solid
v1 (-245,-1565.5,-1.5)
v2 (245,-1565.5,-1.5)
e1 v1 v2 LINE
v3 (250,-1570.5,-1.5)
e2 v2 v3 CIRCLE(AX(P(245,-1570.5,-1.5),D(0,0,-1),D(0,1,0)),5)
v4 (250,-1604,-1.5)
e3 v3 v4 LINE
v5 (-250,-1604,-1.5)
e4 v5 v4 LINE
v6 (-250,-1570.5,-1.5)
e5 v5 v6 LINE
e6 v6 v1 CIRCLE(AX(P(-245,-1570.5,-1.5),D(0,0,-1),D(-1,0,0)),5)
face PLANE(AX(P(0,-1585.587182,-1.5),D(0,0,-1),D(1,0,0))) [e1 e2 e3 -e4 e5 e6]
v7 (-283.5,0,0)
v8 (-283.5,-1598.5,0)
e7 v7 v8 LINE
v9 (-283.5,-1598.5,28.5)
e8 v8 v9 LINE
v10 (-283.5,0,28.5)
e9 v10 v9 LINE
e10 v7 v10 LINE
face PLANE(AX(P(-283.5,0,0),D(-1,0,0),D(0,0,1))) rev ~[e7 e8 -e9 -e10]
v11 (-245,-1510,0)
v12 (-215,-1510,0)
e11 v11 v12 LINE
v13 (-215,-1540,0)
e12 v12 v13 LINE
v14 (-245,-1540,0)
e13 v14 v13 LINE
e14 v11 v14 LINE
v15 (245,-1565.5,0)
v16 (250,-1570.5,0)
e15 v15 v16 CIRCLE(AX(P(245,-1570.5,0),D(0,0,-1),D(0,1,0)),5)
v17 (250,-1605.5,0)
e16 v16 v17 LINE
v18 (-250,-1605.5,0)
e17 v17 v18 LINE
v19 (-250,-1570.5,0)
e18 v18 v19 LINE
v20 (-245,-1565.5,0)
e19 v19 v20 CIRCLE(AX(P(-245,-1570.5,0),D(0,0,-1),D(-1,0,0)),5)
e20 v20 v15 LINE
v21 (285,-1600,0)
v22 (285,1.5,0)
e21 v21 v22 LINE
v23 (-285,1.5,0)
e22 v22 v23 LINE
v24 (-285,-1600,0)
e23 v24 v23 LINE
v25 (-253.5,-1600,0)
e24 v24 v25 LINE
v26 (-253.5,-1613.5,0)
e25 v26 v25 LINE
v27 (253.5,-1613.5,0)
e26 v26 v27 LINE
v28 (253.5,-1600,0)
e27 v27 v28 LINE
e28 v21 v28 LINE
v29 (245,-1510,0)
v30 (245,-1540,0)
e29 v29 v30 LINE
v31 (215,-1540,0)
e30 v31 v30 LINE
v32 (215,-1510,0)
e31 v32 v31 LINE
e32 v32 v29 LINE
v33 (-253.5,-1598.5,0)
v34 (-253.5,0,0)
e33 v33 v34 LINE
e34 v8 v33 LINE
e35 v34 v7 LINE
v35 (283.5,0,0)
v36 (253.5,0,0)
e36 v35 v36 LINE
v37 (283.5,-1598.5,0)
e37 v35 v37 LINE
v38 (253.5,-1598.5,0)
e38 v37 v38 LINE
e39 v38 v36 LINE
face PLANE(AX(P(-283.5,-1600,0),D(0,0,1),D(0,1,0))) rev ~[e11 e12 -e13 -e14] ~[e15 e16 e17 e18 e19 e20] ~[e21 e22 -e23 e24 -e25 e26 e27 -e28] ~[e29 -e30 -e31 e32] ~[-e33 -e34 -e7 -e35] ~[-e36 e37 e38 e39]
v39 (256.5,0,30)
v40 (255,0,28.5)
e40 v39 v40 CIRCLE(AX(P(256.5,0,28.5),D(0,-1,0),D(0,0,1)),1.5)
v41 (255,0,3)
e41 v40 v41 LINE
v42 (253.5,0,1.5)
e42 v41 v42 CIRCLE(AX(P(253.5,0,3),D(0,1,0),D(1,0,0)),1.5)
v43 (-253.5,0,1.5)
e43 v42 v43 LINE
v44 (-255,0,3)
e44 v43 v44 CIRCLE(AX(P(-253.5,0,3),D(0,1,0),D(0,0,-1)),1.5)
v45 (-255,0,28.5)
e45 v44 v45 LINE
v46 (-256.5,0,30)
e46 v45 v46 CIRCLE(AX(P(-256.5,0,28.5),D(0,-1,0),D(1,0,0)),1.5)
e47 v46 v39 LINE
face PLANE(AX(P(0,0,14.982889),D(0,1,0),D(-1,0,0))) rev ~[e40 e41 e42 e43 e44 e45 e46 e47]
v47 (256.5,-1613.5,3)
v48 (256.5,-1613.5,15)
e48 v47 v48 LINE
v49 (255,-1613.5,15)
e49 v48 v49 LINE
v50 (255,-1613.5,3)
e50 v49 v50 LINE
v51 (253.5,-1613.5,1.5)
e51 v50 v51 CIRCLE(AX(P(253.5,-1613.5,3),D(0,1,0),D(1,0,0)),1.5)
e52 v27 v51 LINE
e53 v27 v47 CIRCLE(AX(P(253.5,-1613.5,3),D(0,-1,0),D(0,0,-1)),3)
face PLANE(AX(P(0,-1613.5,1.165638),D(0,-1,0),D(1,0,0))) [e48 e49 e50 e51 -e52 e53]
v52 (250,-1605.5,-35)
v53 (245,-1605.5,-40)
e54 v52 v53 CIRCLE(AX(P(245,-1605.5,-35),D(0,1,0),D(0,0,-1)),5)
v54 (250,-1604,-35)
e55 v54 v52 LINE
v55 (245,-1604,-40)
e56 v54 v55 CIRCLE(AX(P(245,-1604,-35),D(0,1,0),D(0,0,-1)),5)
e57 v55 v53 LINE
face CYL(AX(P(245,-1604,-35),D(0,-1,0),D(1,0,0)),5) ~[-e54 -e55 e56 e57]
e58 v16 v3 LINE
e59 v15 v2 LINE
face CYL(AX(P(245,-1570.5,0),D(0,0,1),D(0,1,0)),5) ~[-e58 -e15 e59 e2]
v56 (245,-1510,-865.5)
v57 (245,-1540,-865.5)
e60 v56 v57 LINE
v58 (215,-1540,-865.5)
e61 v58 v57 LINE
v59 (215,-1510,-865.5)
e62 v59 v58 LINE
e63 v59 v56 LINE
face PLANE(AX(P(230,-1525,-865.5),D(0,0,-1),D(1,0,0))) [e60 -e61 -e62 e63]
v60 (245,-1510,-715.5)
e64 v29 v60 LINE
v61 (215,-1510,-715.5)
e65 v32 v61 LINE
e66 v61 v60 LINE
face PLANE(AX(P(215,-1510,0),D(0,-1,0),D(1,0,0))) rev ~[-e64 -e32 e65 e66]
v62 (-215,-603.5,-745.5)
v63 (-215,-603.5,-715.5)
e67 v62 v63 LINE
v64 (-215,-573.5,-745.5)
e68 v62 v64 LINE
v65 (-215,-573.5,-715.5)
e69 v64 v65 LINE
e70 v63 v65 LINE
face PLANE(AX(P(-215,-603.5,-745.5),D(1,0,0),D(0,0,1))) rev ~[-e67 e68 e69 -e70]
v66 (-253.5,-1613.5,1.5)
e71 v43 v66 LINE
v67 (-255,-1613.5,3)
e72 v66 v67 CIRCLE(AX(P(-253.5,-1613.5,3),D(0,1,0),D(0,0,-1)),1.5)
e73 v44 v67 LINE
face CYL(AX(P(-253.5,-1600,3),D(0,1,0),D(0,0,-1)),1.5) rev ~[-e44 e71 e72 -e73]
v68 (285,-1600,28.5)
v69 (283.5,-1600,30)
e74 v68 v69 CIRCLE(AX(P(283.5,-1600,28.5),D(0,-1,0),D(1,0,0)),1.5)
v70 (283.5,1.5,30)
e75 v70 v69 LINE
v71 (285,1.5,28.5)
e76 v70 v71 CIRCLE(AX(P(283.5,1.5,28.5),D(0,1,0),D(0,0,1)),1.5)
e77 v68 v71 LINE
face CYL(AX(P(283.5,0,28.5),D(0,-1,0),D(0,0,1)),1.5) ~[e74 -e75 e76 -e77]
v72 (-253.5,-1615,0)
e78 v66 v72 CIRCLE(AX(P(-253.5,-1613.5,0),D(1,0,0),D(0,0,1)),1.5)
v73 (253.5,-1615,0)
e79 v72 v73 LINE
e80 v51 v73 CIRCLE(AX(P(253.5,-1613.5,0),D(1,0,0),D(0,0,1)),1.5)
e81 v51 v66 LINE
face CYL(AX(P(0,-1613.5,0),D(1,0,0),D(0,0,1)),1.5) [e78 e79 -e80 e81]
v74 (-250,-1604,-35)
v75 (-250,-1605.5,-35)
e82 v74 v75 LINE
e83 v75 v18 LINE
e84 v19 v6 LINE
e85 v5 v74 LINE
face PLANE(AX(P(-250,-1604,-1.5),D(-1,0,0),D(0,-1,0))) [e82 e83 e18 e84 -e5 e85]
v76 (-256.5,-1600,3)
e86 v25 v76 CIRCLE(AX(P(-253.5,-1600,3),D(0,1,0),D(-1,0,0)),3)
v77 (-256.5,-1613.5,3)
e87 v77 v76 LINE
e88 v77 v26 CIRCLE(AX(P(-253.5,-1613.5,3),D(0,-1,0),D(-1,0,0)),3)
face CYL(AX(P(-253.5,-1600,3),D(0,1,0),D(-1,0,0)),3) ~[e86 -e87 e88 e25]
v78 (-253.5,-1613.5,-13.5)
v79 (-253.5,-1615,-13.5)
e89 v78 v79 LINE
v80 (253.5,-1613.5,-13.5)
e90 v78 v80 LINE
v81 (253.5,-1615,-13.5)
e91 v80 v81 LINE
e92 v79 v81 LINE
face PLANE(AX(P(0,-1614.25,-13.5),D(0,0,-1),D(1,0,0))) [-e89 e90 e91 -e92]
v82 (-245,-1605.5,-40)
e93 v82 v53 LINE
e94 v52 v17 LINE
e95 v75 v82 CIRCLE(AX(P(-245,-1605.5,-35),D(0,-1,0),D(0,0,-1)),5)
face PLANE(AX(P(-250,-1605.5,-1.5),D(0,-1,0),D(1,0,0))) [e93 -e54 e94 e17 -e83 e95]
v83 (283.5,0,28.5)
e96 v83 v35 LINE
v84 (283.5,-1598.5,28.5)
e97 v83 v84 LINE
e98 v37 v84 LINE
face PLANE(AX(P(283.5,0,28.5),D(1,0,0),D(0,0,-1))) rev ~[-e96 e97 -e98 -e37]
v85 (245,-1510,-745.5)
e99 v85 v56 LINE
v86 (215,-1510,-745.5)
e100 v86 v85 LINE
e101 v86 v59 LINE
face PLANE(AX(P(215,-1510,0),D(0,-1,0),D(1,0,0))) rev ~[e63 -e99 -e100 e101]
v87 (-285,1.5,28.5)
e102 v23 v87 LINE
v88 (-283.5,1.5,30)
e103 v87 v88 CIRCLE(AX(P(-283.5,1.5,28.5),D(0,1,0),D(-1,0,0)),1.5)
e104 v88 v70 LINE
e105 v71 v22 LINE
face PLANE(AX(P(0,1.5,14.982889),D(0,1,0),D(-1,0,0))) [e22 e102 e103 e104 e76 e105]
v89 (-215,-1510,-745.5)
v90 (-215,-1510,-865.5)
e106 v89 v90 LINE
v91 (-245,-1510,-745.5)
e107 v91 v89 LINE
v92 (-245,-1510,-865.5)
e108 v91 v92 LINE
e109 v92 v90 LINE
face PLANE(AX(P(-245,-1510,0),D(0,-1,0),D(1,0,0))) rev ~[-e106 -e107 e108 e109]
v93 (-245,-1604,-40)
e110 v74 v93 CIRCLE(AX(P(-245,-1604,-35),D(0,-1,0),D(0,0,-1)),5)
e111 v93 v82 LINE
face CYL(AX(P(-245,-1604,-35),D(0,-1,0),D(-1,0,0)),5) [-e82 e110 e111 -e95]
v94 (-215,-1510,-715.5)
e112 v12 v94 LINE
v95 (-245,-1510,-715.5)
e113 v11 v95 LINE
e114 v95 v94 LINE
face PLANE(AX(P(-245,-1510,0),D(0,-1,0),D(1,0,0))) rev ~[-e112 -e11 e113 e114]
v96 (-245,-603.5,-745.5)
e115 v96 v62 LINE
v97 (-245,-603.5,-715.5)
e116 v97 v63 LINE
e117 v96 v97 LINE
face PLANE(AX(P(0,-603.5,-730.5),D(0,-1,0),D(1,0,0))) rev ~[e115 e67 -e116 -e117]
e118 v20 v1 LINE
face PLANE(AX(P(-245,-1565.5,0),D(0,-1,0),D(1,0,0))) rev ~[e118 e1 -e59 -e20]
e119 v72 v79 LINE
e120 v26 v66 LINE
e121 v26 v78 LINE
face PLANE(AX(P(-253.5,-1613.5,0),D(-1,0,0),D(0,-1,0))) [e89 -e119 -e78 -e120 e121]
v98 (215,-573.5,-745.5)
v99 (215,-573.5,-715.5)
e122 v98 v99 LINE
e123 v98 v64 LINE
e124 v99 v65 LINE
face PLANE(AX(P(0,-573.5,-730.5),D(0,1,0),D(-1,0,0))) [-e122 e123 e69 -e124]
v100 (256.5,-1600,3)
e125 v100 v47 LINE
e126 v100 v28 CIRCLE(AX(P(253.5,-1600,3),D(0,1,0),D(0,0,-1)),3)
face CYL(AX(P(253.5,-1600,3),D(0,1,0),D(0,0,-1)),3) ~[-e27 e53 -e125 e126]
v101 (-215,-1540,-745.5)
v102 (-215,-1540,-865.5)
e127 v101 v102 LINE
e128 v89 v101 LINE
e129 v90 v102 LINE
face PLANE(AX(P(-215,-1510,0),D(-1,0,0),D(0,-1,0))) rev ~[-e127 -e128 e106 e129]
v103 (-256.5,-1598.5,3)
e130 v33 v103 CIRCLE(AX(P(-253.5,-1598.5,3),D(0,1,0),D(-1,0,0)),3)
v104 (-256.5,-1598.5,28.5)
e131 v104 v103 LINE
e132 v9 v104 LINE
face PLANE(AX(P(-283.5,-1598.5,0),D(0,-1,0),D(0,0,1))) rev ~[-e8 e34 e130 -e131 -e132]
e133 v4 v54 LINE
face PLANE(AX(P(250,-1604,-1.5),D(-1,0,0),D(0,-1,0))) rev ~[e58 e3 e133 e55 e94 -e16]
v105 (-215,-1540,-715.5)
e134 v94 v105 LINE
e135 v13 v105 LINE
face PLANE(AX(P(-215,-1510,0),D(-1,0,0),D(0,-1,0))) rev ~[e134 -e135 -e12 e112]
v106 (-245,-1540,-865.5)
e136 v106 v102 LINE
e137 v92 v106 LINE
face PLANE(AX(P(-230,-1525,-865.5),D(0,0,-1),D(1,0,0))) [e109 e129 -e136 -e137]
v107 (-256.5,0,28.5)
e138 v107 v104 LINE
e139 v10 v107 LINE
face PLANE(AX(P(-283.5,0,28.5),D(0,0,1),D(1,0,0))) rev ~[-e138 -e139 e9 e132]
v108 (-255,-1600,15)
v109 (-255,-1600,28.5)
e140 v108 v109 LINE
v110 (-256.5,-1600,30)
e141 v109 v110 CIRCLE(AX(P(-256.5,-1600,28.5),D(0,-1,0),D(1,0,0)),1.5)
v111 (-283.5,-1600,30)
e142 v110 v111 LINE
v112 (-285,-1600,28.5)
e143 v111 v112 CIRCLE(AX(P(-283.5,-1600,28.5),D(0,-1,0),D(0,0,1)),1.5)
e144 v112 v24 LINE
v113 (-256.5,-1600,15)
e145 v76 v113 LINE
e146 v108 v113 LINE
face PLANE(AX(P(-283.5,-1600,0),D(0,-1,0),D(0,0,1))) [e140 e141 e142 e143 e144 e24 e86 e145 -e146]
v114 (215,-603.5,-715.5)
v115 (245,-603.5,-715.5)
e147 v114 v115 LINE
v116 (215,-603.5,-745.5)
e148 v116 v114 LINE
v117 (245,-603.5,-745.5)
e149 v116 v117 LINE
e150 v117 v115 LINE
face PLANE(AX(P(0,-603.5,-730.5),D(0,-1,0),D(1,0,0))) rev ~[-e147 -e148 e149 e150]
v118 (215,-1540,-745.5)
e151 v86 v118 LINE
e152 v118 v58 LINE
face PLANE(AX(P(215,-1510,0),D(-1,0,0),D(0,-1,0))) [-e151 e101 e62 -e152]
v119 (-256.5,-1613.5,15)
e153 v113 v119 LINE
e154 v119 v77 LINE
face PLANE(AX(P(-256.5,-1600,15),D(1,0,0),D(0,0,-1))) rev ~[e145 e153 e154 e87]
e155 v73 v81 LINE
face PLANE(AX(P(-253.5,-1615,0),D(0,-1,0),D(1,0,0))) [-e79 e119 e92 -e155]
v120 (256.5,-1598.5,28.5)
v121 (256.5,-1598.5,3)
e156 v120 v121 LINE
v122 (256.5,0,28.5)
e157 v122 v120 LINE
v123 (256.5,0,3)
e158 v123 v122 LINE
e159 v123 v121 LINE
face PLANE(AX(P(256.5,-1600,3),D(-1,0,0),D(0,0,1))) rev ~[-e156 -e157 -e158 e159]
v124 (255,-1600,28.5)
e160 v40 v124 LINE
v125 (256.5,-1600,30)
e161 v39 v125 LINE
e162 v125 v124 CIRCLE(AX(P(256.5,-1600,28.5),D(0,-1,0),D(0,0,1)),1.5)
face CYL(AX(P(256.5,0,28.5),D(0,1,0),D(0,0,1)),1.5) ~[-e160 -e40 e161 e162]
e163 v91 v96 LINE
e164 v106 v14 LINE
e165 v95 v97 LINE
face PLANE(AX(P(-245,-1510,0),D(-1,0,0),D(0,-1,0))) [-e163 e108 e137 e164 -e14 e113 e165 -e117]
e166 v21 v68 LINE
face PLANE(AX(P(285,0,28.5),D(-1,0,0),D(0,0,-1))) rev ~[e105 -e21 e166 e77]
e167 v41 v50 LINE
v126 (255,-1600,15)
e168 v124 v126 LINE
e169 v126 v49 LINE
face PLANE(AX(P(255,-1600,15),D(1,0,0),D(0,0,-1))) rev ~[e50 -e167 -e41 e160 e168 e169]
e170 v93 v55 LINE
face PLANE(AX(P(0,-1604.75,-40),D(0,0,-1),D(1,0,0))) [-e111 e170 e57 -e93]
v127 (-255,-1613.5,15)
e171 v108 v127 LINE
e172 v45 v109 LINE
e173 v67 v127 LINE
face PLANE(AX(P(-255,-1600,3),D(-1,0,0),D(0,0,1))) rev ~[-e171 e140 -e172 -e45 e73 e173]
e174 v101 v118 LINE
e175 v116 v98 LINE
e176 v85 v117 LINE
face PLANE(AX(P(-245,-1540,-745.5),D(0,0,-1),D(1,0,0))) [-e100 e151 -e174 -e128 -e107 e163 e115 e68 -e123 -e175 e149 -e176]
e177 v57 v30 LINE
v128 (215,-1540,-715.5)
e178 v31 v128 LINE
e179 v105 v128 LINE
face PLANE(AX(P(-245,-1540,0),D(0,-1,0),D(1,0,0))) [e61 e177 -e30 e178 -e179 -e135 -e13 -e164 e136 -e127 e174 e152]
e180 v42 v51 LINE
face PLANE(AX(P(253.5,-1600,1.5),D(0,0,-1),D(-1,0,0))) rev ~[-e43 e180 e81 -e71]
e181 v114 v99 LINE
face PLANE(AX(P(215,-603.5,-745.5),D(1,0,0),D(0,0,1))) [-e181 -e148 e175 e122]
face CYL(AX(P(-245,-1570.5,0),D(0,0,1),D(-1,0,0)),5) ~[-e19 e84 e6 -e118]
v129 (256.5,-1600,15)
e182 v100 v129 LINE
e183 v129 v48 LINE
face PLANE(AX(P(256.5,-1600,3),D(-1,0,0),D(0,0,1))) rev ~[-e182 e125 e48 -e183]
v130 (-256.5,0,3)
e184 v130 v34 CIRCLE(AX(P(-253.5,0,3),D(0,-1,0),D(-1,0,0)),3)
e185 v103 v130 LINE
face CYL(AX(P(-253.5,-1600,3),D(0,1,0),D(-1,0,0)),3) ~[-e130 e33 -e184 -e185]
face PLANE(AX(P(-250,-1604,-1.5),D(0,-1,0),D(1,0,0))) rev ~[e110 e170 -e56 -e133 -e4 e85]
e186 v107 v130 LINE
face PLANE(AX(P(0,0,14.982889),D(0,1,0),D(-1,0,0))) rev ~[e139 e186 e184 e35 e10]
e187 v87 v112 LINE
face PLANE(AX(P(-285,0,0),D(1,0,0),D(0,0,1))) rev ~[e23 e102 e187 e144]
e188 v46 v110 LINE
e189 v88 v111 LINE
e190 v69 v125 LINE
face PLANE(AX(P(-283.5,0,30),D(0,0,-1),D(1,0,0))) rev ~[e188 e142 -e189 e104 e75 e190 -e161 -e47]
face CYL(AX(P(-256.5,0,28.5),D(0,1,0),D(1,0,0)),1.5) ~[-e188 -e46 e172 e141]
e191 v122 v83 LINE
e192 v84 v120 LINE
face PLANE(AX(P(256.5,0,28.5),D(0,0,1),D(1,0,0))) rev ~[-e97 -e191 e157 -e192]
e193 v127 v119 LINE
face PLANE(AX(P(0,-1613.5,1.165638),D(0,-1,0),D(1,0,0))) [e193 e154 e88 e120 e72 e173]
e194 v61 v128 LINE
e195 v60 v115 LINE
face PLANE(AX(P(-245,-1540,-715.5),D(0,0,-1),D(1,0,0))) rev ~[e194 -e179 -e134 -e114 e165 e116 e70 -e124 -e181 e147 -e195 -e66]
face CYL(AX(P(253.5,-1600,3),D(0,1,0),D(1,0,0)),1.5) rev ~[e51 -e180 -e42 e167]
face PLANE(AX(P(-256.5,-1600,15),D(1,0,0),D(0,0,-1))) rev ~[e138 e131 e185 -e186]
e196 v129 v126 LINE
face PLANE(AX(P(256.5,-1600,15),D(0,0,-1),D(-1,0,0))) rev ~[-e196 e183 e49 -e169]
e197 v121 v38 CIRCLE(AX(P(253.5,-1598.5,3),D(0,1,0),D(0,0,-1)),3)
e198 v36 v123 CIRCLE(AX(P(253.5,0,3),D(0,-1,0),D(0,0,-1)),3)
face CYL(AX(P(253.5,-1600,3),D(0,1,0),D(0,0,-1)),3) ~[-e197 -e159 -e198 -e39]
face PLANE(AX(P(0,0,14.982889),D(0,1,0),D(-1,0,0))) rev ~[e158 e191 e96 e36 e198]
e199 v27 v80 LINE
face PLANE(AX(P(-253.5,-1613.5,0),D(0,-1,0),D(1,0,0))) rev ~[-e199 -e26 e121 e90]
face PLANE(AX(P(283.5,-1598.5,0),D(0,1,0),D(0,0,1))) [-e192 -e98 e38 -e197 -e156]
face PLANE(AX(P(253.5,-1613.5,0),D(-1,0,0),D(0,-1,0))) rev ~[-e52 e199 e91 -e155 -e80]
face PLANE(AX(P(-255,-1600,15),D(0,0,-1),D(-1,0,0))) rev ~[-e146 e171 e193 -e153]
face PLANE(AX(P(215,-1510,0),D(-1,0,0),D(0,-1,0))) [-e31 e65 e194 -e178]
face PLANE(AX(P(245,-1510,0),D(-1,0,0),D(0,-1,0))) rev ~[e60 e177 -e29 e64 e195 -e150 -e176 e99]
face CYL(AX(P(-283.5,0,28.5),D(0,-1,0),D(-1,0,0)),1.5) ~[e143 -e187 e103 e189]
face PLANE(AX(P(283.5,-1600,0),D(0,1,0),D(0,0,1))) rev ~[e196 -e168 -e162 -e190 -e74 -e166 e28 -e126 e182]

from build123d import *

# Parameters (mm, degrees)
F1_DEPTH  = 1600
F3_DEPTH  = 1.5
F5_DEPTH  = 13.5
F6_W      = 507
F6_H      = 1.5
F7_ANGLE  = 90
F8_W      = 507
F8_H      = 1.5
F9_DEPTH  = 13.5
F10_W     = 1.5
F10_H     = 28.5
F12_W     = 1.5
F12_H     = 28.5
F15_DEPTH = 1.5
F16_W     = 500
F16_H     = 1.5
F17_DEPTH = 38.5
F18_R     = 5
F19_W     = 30
F19_H     = 30
F20_DEPTH = 865.5
F21_W     = 490
F21_H     = 30
F22_DEPTH = 936.5
F23_W     = 430
F23_H     = 30
F24_DEPTH = 30


with BuildPart() as f1:
    # F0 (on Front) → F1 (new body)
    with BuildSketch(Plane.XZ):
        with BuildLine():
            Line((-285, 28.5), (-285, 0))
            Line((-285, 0), (-283.5, 0))
            Line((-283.5, 0), (-283.5, 28.5))
            Line((-283.5, 28.5), (-256.5, 28.5))
            Line((-256.5, 28.5), (-256.5, 3))
            ThreePointArc((-256.5, 3), (-255.6213203436, 0.8786796564), (-253.5, 0))
            Line((-253.5, 0), (253.5, 0))
            ThreePointArc((253.5, 0), (255.6213203436, 0.8786796564), (256.5, 3))
            Line((256.5, 3), (256.5, 28.5))
            Line((256.5, 28.5), (283.5, 28.5))
            Line((283.5, 28.5), (283.5, 0))
            Line((283.5, 0), (285, 0))
            Line((285, 0), (285, 28.5))
            ThreePointArc((285, 28.5), (284.5606601718, 29.5606601718), (283.5, 30))
            Line((283.5, 30), (256.5, 30))
            ThreePointArc((256.5, 30), (255.4393398282, 29.5606601718), (255, 28.5))
            Line((255, 28.5), (255, 3))
            ThreePointArc((255, 3), (254.5606601718, 1.9393398282), (253.5, 1.5))
            Line((253.5, 1.5), (-253.5, 1.5))
            ThreePointArc((-253.5, 1.5), (-254.5606601718, 1.9393398282), (-255, 3))
            Line((-255, 3), (-255, 28.5))
            ThreePointArc((-255, 28.5), (-255.4393398282, 29.5606601718), (-256.5, 30))
            Line((-256.5, 30), (-283.5, 30))
            ThreePointArc((-283.5, 30), (-284.5606601718, 29.5606601718), (-285, 28.5))
        make_face()
    extrude(amount=F1_DEPTH)

    # F2 (on face) → F3 (join)
    with BuildSketch(Plane(origin=(0, 0, 0), x_dir=(-1, 0, 0), z_dir=(0, 1, 0))):
        with BuildLine():
            ThreePointArc((-283.5, 30), (-284.5606601718, 29.5606601718), (-285, 28.5))
            Line((-285, 28.5), (-285, 0))
            Line((-285, 0), (285, 0))
            Line((285, 0), (285, 28.5))
            ThreePointArc((285, 28.5), (284.5606601718, 29.5606601718), (283.5, 30))
            Line((283.5, 30), (-283.5, 30))
        make_face()
    extrude(amount=F3_DEPTH)

    # F4 (on face) → F5 (join)
    with BuildSketch(Plane.XZ.offset(1600)):
        with BuildLine():
            ThreePointArc((253.5, 0), (255.6213203436, 0.8786796564), (256.5, 3))
            Line((256.5, 3), (256.5, 15))
            Line((256.5, 15), (255, 15))
            Line((255, 15), (255, 3))
            ThreePointArc((255, 3), (254.5606601718, 1.9393398282), (253.5, 1.5))
            Line((253.5, 1.5), (-253.5, 1.5))
            ThreePointArc((-253.5, 1.5), (-254.5606601718, 1.9393398282), (-255, 3))
            Line((-255, 3), (-255, 15))
            Line((-255, 15), (-256.5, 15))
            Line((-256.5, 15), (-256.5, 3))
            ThreePointArc((-256.5, 3), (-255.6213203436, 0.8786796564), (-253.5, 0))
            Line((-253.5, 0), (253.5, 0))
        make_face()
    extrude(amount=F5_DEPTH)

    # F6 (on face) → F7 (revolve)
    with BuildSketch(Plane.XZ.offset(1613.5)):
        with Locations((0, 0.75)):
            Rectangle(F6_W, F6_H)
    revolve(axis=Axis((0, -1613.5, 0), (1, 0, 0)), revolution_arc=F7_ANGLE)

    # F8 (on face) → F9 (join)
    with BuildSketch(Plane(origin=(0, 0, 0), x_dir=(1, 0, 0), z_dir=(0, 0, -1))):
        with Locations((0, 1614.25)):
            Rectangle(F8_W, F8_H)
    extrude(amount=F9_DEPTH)

    # F10 (on face) → F11 (join, up to the next surface of F1)
    with BuildSketch(Plane(origin=(283.5, 0, 0), x_dir=(0, -1, 0), z_dir=(-1, 0, 0))):
        with Locations((1599.25, 14.25)):
            Rectangle(F10_W, F10_H)
    extrude(until=Until.NEXT)

    # F12 (on face) → F13 (join, up to the next surface of F1)
    with BuildSketch(Plane.YZ.offset(-283.5)):
        with Locations((-1599.25, 14.25)):
            Rectangle(F12_W, F12_H)
    extrude(until=Until.NEXT)

    # F14 (on face) → F15 (join)
    with BuildSketch(Plane(origin=(0, 0, 0), x_dir=(1, 0, 0), z_dir=(0, 0, -1))):
        with BuildLine():
            Line((250, 1570.5), (250, 1605.5))
            Line((250, 1605.5), (-250, 1605.5))
            Line((-250, 1605.5), (-250, 1570.5))
            ThreePointArc((-250, 1570.5), (-248.5355339059, 1566.9644660941), (-245, 1565.5))
            Line((-245, 1565.5), (245, 1565.5))
            ThreePointArc((245, 1565.5), (248.5355339059, 1566.9644660941), (250, 1570.5))
        make_face()
    extrude(amount=F15_DEPTH)

    # F16 (on face) → F17 (join)
    with BuildSketch(Plane(origin=(0, 0, -1.5), x_dir=(1, 0, 0), z_dir=(0, 0, -1))):
        with Locations((0, 1604.75)):
            Rectangle(F16_W, F16_H)
    extrude(amount=F17_DEPTH)

    # F18
    f18_edges = [f1.edges().sort_by_distance(p)[0] for p in [
        (-250, -1604.75, -40),
        (250, -1604.75, -40),
    ]]
    fillet(f18_edges, radius=F18_R)

    # F19 (on face) → F20 (join)
    with BuildSketch(Plane(origin=(0, 0, 0), x_dir=(1, 0, 0), z_dir=(0, 0, -1))):
        with Locations((-230, 1525)):
            Rectangle(F19_W, F19_H)
        with Locations((230, 1525)):
            Rectangle(F19_W, F19_H)
    extrude(amount=F20_DEPTH)

    # F21 (on face) → F22 (join)
    with BuildSketch(Plane.XZ.offset(1540)):
        with Locations((0, -730.5)):
            Rectangle(F21_W, F21_H)
    extrude(amount=-F22_DEPTH)

    # F23 (on face) → F24 (join)
    with BuildSketch(Plane(origin=(0, -603.5, 0), x_dir=(-1, 0, 0), z_dir=(0, 1, 0))):
        with Locations((0, -730.5)):
            Rectangle(F23_W, F23_H)
    extrude(amount=F24_DEPTH)


solid = f1.part
